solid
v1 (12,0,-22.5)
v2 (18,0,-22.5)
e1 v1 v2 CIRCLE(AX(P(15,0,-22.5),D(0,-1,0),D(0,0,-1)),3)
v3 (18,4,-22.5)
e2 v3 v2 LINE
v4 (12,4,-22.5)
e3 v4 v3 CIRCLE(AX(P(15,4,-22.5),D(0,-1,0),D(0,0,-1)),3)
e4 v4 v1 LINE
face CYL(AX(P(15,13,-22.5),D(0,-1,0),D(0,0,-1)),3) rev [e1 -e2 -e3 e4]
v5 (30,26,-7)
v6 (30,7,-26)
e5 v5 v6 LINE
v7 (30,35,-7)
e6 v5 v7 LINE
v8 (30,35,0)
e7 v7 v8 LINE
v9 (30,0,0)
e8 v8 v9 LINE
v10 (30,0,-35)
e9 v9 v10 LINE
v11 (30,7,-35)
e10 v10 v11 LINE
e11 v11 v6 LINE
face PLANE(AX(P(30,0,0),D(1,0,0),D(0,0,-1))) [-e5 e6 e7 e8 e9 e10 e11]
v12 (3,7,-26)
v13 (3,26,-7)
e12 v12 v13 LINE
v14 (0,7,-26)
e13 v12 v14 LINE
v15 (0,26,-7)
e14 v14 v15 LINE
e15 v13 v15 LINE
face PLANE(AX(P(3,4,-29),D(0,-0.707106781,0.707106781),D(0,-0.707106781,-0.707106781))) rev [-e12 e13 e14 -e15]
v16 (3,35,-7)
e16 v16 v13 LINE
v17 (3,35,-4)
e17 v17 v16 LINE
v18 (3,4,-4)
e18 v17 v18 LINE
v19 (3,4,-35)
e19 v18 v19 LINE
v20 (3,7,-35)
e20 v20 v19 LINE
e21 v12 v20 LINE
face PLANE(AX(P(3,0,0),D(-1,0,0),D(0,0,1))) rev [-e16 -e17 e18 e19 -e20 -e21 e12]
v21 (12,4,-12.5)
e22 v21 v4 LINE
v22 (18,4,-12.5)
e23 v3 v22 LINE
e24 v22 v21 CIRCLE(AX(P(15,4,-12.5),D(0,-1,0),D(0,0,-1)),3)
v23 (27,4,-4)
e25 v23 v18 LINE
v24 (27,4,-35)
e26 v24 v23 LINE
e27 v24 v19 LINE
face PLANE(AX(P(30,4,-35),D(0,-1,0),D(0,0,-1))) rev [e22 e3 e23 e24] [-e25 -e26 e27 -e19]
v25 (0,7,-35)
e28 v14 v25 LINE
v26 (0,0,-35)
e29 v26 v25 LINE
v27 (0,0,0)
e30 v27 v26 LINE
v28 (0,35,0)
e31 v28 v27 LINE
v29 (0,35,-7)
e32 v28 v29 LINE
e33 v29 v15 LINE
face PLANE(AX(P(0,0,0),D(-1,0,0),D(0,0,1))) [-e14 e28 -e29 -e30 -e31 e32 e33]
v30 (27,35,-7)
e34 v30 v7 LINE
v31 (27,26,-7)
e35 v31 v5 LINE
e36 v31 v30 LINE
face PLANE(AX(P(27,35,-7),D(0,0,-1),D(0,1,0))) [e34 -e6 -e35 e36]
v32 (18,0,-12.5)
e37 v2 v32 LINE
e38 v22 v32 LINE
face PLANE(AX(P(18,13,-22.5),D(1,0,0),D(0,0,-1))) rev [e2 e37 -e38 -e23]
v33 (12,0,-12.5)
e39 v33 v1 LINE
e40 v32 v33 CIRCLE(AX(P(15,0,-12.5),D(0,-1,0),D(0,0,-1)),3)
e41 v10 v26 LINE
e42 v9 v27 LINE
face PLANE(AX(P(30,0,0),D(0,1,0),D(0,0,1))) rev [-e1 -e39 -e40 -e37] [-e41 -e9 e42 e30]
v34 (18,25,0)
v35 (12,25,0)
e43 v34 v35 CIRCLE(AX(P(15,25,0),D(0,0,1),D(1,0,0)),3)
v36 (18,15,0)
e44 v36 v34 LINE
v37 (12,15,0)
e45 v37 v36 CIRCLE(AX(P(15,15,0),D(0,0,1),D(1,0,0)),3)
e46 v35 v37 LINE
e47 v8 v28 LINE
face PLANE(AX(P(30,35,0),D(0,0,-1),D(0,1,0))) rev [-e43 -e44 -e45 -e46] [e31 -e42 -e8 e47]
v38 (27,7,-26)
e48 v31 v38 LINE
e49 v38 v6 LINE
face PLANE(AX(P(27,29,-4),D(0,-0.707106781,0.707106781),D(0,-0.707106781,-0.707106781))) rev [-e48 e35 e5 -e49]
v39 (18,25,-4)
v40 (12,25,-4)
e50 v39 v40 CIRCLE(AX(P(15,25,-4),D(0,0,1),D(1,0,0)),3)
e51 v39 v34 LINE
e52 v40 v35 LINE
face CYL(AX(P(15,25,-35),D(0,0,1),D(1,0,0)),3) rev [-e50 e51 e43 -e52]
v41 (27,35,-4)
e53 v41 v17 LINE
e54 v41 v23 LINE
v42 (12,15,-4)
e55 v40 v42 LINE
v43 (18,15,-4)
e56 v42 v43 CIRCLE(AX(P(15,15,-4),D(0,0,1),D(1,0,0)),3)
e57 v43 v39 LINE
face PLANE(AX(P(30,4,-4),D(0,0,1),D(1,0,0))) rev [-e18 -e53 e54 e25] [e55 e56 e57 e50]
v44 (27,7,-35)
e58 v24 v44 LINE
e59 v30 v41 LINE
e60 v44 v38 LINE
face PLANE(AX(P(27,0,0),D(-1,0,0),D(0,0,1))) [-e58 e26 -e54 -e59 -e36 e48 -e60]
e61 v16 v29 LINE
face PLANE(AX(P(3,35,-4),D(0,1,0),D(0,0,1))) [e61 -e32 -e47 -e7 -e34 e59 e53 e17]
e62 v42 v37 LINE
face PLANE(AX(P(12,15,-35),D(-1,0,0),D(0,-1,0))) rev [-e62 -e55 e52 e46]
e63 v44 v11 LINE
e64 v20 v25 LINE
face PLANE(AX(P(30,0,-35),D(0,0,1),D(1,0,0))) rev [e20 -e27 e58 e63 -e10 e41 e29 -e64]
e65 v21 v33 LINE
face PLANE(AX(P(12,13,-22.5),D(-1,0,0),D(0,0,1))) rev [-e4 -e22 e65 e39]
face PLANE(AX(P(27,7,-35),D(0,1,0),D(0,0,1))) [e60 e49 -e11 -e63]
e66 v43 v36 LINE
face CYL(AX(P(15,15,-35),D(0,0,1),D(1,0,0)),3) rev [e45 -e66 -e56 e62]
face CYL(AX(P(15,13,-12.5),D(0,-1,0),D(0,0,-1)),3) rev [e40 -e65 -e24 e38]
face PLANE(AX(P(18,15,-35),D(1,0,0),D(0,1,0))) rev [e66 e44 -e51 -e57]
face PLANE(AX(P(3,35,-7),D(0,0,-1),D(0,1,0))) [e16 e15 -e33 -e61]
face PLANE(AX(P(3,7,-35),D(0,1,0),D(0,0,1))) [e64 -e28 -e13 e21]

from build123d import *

# Parameters (mm, degrees)
BOSS_EXTRUDE1_DEPTH = 30
GUSSET1_THICKNESS   = 3
GUSSET2_THICKNESS   = 3
BOSS_EXTRUDE2_DEPTH = 3
BOSS_EXTRUDE3_DEPTH = 3
BOSS_EXTRUDE4_DEPTH = 3
BOSS_EXTRUDE5_DEPTH = 3
CUT_EXTRUDE1_DEPTH  = 58.879184514
CUT_EXTRUDE2_DEPTH  = 13


with BuildPart() as part:
    # Sketch2 → Boss-Extrude1 (new body)
    with BuildSketch(Plane(origin=(0, 0, 0), x_dir=(0, 0, -1), z_dir=(1, 0, 0))):
        Polygon((0, 35), (0, 0), (35, 0), (35, 4), (4, 4), (4, 35), align=None)
    extrude(amount=BOSS_EXTRUDE1_DEPTH)



with BuildPart() as body_2:
    # Gusset1: a gusset: a plate 3.0 thick in the corner of two members, its outline drawn in place
    gusset1_outline = Wire([Line((27, 4, -4), (27, 29, -4)), Line((27, 29, -4), (27, 4, -29)), Line((27, 4, -29), (27, 4, -4))])
    add(extrude(Face(gusset1_outline), amount=GUSSET1_THICKNESS, dir=(1, 0, 0)))


with BuildPart() as body_3:
    # Gusset2: a gusset: a plate 3.0 thick in the corner of two members, its outline drawn in place
    gusset2_outline = Wire([Line((3, 4, -4), (3, 4, -29)), Line((3, 4, -29), (3, 29, -4)), Line((3, 29, -4), (3, 4, -4))])
    add(extrude(Face(gusset2_outline), amount=GUSSET2_THICKNESS, dir=(-1, 0, 0)))


with BuildPart() as part_1:
    add(part.part)

    add(body_2.part)  # Boss-Extrude2 merges body 2
    # Sketch7 → Boss-Extrude2 (add)
    with BuildSketch(Plane(origin=(30, 0, 0), x_dir=(0, 0, -1), z_dir=(1, 0, 0))):
        Polygon((4, 35), (7, 35), (7, 26), (4, 29), align=None)
    extrude(amount=-BOSS_EXTRUDE2_DEPTH)


    add(body_3.part)  # Boss-Extrude3 merges body 3
    # Sketch8 → Boss-Extrude3 (add)
    with BuildSketch(Plane.ZY):
        Polygon((-4, 35), (-7, 35), (-7, 26), (-4, 29), align=None)
    extrude(amount=-BOSS_EXTRUDE3_DEPTH)

    # Sketch9 → Boss-Extrude4 (add)
    with BuildSketch(Plane.ZY):
        Polygon((-35, 4), (-35, 7), (-26, 7), (-29, 4), align=None)
    extrude(amount=-BOSS_EXTRUDE4_DEPTH)

    # Sketch10 → Boss-Extrude5 (add)
    with BuildSketch(Plane(origin=(30, 0, 0), x_dir=(0, 0, -1), z_dir=(1, 0, 0))):
        Polygon((35, 4), (35, 7), (26, 7), (29, 4), align=None)
    extrude(amount=-BOSS_EXTRUDE5_DEPTH)

    # Sketch11 → Cut-Extrude1 (cut, through all)
    with BuildSketch(Plane.XY):
        with BuildLine():
            Line((12, 15), (12, 25))
            ThreePointArc((12, 25), (15, 28), (18, 25))
            Line((18, 25), (18, 15))
            ThreePointArc((18, 15), (15, 12), (12, 15))
        make_face()
    extrude(amount=-CUT_EXTRUDE1_DEPTH, mode=Mode.SUBTRACT)

    # Sketch12 → Cut-Extrude2 (cut)
    with BuildSketch(Plane.XZ):
        with BuildLine():
            Line((12, -22.5), (12, -12.5))
            ThreePointArc((12, -12.5), (15, -9.5), (18, -12.5))
            Line((18, -12.5), (18, -22.5))
            ThreePointArc((18, -22.5), (15, -25.5), (12, -22.5))
        make_face()
    extrude(amount=-CUT_EXTRUDE2_DEPTH, mode=Mode.SUBTRACT)


solid = part_1.part
